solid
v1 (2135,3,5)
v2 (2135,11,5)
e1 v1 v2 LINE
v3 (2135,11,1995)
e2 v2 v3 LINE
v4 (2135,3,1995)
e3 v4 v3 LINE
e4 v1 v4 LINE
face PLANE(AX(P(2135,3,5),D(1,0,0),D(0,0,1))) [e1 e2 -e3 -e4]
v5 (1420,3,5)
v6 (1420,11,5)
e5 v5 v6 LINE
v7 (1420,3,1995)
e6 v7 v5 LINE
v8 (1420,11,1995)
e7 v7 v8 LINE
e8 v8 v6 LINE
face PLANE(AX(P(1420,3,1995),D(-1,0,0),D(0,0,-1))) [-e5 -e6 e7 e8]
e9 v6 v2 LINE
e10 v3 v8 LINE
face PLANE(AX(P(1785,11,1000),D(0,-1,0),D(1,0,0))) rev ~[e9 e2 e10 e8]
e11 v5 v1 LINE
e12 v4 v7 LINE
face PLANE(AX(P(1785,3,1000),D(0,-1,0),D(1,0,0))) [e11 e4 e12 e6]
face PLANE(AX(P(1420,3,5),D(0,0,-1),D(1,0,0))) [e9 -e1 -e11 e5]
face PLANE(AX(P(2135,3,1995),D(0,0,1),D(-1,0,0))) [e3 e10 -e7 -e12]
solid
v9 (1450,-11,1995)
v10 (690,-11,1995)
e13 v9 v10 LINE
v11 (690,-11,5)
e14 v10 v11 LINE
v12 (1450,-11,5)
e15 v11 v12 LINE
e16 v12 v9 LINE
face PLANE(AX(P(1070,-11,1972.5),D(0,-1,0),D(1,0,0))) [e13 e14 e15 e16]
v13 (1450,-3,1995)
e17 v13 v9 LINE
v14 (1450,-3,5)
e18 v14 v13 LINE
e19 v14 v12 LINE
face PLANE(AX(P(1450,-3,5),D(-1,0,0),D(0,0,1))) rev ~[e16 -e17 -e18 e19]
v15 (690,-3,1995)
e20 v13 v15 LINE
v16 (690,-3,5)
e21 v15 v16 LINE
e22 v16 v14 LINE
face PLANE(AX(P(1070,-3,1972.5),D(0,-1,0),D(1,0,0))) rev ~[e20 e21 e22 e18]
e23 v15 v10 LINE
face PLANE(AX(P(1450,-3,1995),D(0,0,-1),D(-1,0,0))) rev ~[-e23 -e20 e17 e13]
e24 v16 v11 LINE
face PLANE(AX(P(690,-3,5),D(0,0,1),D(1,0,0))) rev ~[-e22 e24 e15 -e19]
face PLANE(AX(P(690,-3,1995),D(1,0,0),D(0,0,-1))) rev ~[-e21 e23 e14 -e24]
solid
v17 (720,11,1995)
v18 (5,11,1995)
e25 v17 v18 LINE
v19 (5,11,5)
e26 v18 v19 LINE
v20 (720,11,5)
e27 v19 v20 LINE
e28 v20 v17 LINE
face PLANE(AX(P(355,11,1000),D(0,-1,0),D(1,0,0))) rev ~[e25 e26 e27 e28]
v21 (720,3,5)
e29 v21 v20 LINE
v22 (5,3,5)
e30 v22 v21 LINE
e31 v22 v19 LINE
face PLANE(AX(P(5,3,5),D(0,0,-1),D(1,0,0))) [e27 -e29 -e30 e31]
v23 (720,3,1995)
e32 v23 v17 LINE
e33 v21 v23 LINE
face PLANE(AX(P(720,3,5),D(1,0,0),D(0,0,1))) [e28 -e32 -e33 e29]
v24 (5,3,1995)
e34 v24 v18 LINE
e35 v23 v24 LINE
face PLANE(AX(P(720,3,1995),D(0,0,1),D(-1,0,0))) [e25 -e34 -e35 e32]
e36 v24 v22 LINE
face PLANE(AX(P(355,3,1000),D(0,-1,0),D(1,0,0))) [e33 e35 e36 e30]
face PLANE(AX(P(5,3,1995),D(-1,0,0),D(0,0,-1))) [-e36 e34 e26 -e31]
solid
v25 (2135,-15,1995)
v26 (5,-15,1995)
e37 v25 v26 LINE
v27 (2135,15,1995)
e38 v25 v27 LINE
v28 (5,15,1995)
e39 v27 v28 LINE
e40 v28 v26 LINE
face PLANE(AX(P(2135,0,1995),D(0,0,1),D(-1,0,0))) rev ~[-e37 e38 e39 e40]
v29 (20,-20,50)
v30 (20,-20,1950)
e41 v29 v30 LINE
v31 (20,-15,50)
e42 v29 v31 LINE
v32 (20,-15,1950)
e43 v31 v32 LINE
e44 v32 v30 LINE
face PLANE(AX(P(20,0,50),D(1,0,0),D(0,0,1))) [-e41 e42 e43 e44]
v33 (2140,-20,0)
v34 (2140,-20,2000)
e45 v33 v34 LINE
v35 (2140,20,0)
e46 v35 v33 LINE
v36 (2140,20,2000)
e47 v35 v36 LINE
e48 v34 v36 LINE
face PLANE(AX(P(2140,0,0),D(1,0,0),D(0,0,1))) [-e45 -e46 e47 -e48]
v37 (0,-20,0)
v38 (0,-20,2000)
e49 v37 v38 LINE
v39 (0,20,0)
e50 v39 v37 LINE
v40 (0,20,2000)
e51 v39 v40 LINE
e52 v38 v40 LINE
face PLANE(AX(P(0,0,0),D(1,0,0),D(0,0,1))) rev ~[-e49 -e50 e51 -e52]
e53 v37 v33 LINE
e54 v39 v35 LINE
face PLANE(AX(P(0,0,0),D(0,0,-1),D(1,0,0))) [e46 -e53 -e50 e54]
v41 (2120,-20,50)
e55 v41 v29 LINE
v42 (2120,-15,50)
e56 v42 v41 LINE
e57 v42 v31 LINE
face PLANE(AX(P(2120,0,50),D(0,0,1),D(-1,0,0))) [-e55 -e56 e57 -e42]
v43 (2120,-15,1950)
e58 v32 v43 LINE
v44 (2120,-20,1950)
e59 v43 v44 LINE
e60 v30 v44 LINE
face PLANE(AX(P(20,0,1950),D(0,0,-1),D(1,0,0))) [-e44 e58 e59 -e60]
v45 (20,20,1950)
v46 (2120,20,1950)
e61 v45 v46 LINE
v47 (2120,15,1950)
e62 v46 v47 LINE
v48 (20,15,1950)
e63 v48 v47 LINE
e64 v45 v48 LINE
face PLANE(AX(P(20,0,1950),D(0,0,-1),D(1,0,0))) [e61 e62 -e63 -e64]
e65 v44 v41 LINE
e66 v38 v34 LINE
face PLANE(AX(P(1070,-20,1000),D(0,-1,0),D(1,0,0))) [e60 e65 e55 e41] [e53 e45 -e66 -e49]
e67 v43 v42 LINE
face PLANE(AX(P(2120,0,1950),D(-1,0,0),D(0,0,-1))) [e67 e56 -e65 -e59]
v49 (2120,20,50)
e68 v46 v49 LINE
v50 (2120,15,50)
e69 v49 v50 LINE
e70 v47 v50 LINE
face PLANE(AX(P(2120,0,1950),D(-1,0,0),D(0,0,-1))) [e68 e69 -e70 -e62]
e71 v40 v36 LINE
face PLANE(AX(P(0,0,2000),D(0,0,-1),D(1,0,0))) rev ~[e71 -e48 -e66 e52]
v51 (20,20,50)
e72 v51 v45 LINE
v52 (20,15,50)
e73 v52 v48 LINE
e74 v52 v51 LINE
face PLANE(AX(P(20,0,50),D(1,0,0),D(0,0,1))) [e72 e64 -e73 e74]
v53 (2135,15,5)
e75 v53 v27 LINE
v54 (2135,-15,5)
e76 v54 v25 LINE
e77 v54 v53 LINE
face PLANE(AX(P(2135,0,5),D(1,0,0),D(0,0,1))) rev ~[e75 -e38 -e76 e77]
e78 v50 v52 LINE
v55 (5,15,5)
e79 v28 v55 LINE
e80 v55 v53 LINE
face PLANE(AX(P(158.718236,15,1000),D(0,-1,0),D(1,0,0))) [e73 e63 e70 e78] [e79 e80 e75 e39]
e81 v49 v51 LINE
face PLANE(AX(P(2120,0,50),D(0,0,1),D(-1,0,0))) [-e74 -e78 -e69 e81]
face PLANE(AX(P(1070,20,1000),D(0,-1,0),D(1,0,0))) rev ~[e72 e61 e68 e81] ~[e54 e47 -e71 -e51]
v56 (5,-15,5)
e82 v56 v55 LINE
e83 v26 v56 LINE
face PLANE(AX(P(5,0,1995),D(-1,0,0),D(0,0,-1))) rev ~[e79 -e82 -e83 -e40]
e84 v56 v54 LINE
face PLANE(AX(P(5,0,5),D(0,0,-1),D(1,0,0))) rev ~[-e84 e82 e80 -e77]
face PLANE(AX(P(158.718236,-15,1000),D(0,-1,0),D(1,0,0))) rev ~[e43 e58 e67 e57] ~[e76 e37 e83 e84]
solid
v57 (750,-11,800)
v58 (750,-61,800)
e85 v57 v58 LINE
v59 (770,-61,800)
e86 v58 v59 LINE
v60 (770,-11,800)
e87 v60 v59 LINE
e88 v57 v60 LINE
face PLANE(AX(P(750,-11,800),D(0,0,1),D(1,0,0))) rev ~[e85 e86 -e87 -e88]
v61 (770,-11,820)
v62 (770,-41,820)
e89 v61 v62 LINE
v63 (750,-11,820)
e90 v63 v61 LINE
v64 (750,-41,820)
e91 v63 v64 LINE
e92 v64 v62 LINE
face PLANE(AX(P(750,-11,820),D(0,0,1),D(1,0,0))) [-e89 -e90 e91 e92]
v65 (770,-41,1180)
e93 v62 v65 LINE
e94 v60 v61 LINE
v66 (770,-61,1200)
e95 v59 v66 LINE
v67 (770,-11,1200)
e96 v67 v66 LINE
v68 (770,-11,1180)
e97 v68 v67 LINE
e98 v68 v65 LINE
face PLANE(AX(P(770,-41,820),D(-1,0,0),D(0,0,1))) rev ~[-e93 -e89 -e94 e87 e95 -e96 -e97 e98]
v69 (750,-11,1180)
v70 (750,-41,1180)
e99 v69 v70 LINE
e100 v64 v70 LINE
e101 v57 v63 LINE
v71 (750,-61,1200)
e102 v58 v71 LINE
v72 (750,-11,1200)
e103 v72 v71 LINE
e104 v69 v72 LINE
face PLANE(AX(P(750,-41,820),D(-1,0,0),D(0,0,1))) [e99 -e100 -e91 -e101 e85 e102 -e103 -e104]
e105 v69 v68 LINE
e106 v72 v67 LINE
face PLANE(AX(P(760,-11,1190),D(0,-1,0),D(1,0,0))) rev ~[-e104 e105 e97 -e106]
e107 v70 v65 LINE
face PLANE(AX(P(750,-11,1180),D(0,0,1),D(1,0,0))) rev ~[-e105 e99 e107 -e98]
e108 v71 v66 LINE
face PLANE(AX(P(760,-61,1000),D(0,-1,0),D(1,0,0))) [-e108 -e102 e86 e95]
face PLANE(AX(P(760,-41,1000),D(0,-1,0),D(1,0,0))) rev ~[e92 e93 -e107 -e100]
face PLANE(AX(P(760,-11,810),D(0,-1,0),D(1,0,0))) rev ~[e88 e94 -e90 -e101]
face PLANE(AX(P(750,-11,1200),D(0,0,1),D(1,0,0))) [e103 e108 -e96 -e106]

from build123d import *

# Parameters (mm, degrees)
F0_W          = 2140
F0_H          = 2000
F0_W_2        = 700
F0_H_2        = 45
F0_W_3        = 30
F1_DEPTH      = 20
F1_DEPTH_BACK = 20
F2_DEPTH      = 15
F2_DEPTH_BACK = 15
F3_START      = -3
F0_W_4        = 670
F0_H_3        = 1900
F3_DEPTH      = 8
F4_START      = 3
F4_DEPTH      = 8
F5_W          = 20
F5_H          = 20
F6_DEPTH      = 50
F7_START      = 30
F5_H_2        = 360
F7_DEPTH      = 20


with BuildPart() as f1:
    # F0 (on Front) → F1 (new body, two sides)
    with BuildSketch(Plane.XZ) as f1_sk:
        with Locations((1070, 1000)):
            Rectangle(F0_W, F0_H)
        Polygon((5, 5), (5, 1995), (690, 1995), (720, 1995), (1420, 1995), (1450, 1995), (2135, 1995), (2135, 5), (1450, 5), (1420, 5), (720, 5), (690, 5), align=None, mode=Mode.SUBTRACT)
        Polygon((690, 1995), (5, 1995), (5, 5), (690, 5), (690, 50), (20, 50), (20, 1950), (690, 1950), align=None)
        Polygon((2135, 1995), (1450, 1995), (1450, 1950), (2120, 1950), (2120, 50), (1450, 50), (1450, 5), (2135, 5), align=None)
        with Locations((1070, 1972.5)):
            Rectangle(F0_W_2, F0_H_2)
        with Locations((1070, 27.5)):
            Rectangle(F0_W_2, F0_H_2)
        with Locations((705, 1972.5)):
            Rectangle(F0_W_3, F0_H_2)
        with Locations((1435, 1972.5)):
            Rectangle(F0_W_3, F0_H_2)
        with Locations((705, 27.5)):
            Rectangle(F0_W_3, F0_H_2)
        with Locations((1435, 27.5)):
            Rectangle(F0_W_3, F0_H_2)
    extrude(amount=F1_DEPTH)
    extrude(f1_sk.sketch, amount=-F1_DEPTH_BACK)

    # F0 (on Front) → F2 (cut, two sides)
    with BuildSketch(Plane.XZ) as f2_sk:
        Polygon((690, 1995), (5, 1995), (5, 5), (690, 5), (690, 50), (20, 50), (20, 1950), (690, 1950), align=None)
        with Locations((705, 1972.5)):
            Rectangle(F0_W_3, F0_H_2)
        with Locations((1070, 1972.5)):
            Rectangle(F0_W_2, F0_H_2)
        with Locations((1435, 1972.5)):
            Rectangle(F0_W_3, F0_H_2)
        Polygon((2135, 1995), (1450, 1995), (1450, 1950), (2120, 1950), (2120, 50), (1450, 50), (1450, 5), (2135, 5), align=None)
        with Locations((705, 27.5)):
            Rectangle(F0_W_3, F0_H_2)
        with Locations((1070, 27.5)):
            Rectangle(F0_W_2, F0_H_2)
        with Locations((1435, 27.5)):
            Rectangle(F0_W_3, F0_H_2)
    extrude(amount=F2_DEPTH, mode=Mode.SUBTRACT)
    extrude(f2_sk.sketch, amount=-F2_DEPTH_BACK, mode=Mode.SUBTRACT)


with BuildPart() as f3:
    # F0 (on Front) → F3 (new body)
    with BuildSketch(Plane.XZ.offset(F3_START)):
        with Locations((355, 1000)):
            Rectangle(F0_W_4, F0_H_3)
        Polygon((690, 1995), (5, 1995), (5, 5), (690, 5), (690, 50), (20, 50), (20, 1950), (690, 1950), align=None)
        with Locations((705, 1972.5)):
            Rectangle(F0_W_3, F0_H_2)
        with Locations((705, 1000)):
            Rectangle(F0_W_3, F0_H_3)
        with Locations((705, 27.5)):
            Rectangle(F0_W_3, F0_H_2)
    extrude(amount=-F3_DEPTH)


with BuildPart() as f3b:
    # F0 (on Front) → F3, piece 2 (new body)
    with BuildSketch(Plane.XZ.offset(F3_START)):
        with Locations((1785, 1000)):
            Rectangle(F0_W_4, F0_H_3)
        Polygon((2135, 1995), (1450, 1995), (1450, 1950), (2120, 1950), (2120, 50), (1450, 50), (1450, 5), (2135, 5), align=None)
        with Locations((1435, 1972.5)):
            Rectangle(F0_W_3, F0_H_2)
        with Locations((1435, 1000)):
            Rectangle(F0_W_3, F0_H_3)
        with Locations((1435, 27.5)):
            Rectangle(F0_W_3, F0_H_2)
    extrude(amount=-F3_DEPTH)


with BuildPart() as f4:
    # F0 (on Front) → F4 (new body)
    with BuildSketch(Plane.XZ.offset(F4_START)):
        with Locations((1070, 1972.5)):
            Rectangle(F0_W_2, F0_H_2)
        with Locations((1070, 1000)):
            Rectangle(F0_W_2, F0_H_3)
        with Locations((1435, 1972.5)):
            Rectangle(F0_W_3, F0_H_2)
        with Locations((1435, 1000)):
            Rectangle(F0_W_3, F0_H_3)
        with Locations((705, 1972.5)):
            Rectangle(F0_W_3, F0_H_2)
        with Locations((705, 1000)):
            Rectangle(F0_W_3, F0_H_3)
        with Locations((705, 27.5)):
            Rectangle(F0_W_3, F0_H_2)
        with Locations((1070, 27.5)):
            Rectangle(F0_W_2, F0_H_2)
        with Locations((1435, 27.5)):
            Rectangle(F0_W_3, F0_H_2)
    extrude(amount=F4_DEPTH)


with BuildPart() as f6:
    # F5 (on face) → F6 (new body)
    with BuildSketch(Plane.XZ.offset(11)):
        with Locations((760, 1190)):
            Rectangle(F5_W, F5_H)
    extrude(amount=F6_DEPTH)



with BuildPart() as f6b:
    # F5 (on face) → F6, piece 2 (new body)
    with BuildSketch(Plane.XZ.offset(11)):
        with Locations((760, 810)):
            Rectangle(F5_W, F5_H)
    extrude(amount=F6_DEPTH)


with BuildPart() as f6_1:
    add(f6.part)

    add(f6b.part)  # F7 merges F6b
    # F5 (on face) → F7 (join)
    with BuildSketch(Plane.XZ.offset(11).offset(F7_START)):
        with Locations((760, 1000)):
            Rectangle(F5_W, F5_H_2)
    extrude(amount=F7_DEPTH)


solid = Compound([f1.part, f3.part, f3b.part, f4.part, f6_1.part])
